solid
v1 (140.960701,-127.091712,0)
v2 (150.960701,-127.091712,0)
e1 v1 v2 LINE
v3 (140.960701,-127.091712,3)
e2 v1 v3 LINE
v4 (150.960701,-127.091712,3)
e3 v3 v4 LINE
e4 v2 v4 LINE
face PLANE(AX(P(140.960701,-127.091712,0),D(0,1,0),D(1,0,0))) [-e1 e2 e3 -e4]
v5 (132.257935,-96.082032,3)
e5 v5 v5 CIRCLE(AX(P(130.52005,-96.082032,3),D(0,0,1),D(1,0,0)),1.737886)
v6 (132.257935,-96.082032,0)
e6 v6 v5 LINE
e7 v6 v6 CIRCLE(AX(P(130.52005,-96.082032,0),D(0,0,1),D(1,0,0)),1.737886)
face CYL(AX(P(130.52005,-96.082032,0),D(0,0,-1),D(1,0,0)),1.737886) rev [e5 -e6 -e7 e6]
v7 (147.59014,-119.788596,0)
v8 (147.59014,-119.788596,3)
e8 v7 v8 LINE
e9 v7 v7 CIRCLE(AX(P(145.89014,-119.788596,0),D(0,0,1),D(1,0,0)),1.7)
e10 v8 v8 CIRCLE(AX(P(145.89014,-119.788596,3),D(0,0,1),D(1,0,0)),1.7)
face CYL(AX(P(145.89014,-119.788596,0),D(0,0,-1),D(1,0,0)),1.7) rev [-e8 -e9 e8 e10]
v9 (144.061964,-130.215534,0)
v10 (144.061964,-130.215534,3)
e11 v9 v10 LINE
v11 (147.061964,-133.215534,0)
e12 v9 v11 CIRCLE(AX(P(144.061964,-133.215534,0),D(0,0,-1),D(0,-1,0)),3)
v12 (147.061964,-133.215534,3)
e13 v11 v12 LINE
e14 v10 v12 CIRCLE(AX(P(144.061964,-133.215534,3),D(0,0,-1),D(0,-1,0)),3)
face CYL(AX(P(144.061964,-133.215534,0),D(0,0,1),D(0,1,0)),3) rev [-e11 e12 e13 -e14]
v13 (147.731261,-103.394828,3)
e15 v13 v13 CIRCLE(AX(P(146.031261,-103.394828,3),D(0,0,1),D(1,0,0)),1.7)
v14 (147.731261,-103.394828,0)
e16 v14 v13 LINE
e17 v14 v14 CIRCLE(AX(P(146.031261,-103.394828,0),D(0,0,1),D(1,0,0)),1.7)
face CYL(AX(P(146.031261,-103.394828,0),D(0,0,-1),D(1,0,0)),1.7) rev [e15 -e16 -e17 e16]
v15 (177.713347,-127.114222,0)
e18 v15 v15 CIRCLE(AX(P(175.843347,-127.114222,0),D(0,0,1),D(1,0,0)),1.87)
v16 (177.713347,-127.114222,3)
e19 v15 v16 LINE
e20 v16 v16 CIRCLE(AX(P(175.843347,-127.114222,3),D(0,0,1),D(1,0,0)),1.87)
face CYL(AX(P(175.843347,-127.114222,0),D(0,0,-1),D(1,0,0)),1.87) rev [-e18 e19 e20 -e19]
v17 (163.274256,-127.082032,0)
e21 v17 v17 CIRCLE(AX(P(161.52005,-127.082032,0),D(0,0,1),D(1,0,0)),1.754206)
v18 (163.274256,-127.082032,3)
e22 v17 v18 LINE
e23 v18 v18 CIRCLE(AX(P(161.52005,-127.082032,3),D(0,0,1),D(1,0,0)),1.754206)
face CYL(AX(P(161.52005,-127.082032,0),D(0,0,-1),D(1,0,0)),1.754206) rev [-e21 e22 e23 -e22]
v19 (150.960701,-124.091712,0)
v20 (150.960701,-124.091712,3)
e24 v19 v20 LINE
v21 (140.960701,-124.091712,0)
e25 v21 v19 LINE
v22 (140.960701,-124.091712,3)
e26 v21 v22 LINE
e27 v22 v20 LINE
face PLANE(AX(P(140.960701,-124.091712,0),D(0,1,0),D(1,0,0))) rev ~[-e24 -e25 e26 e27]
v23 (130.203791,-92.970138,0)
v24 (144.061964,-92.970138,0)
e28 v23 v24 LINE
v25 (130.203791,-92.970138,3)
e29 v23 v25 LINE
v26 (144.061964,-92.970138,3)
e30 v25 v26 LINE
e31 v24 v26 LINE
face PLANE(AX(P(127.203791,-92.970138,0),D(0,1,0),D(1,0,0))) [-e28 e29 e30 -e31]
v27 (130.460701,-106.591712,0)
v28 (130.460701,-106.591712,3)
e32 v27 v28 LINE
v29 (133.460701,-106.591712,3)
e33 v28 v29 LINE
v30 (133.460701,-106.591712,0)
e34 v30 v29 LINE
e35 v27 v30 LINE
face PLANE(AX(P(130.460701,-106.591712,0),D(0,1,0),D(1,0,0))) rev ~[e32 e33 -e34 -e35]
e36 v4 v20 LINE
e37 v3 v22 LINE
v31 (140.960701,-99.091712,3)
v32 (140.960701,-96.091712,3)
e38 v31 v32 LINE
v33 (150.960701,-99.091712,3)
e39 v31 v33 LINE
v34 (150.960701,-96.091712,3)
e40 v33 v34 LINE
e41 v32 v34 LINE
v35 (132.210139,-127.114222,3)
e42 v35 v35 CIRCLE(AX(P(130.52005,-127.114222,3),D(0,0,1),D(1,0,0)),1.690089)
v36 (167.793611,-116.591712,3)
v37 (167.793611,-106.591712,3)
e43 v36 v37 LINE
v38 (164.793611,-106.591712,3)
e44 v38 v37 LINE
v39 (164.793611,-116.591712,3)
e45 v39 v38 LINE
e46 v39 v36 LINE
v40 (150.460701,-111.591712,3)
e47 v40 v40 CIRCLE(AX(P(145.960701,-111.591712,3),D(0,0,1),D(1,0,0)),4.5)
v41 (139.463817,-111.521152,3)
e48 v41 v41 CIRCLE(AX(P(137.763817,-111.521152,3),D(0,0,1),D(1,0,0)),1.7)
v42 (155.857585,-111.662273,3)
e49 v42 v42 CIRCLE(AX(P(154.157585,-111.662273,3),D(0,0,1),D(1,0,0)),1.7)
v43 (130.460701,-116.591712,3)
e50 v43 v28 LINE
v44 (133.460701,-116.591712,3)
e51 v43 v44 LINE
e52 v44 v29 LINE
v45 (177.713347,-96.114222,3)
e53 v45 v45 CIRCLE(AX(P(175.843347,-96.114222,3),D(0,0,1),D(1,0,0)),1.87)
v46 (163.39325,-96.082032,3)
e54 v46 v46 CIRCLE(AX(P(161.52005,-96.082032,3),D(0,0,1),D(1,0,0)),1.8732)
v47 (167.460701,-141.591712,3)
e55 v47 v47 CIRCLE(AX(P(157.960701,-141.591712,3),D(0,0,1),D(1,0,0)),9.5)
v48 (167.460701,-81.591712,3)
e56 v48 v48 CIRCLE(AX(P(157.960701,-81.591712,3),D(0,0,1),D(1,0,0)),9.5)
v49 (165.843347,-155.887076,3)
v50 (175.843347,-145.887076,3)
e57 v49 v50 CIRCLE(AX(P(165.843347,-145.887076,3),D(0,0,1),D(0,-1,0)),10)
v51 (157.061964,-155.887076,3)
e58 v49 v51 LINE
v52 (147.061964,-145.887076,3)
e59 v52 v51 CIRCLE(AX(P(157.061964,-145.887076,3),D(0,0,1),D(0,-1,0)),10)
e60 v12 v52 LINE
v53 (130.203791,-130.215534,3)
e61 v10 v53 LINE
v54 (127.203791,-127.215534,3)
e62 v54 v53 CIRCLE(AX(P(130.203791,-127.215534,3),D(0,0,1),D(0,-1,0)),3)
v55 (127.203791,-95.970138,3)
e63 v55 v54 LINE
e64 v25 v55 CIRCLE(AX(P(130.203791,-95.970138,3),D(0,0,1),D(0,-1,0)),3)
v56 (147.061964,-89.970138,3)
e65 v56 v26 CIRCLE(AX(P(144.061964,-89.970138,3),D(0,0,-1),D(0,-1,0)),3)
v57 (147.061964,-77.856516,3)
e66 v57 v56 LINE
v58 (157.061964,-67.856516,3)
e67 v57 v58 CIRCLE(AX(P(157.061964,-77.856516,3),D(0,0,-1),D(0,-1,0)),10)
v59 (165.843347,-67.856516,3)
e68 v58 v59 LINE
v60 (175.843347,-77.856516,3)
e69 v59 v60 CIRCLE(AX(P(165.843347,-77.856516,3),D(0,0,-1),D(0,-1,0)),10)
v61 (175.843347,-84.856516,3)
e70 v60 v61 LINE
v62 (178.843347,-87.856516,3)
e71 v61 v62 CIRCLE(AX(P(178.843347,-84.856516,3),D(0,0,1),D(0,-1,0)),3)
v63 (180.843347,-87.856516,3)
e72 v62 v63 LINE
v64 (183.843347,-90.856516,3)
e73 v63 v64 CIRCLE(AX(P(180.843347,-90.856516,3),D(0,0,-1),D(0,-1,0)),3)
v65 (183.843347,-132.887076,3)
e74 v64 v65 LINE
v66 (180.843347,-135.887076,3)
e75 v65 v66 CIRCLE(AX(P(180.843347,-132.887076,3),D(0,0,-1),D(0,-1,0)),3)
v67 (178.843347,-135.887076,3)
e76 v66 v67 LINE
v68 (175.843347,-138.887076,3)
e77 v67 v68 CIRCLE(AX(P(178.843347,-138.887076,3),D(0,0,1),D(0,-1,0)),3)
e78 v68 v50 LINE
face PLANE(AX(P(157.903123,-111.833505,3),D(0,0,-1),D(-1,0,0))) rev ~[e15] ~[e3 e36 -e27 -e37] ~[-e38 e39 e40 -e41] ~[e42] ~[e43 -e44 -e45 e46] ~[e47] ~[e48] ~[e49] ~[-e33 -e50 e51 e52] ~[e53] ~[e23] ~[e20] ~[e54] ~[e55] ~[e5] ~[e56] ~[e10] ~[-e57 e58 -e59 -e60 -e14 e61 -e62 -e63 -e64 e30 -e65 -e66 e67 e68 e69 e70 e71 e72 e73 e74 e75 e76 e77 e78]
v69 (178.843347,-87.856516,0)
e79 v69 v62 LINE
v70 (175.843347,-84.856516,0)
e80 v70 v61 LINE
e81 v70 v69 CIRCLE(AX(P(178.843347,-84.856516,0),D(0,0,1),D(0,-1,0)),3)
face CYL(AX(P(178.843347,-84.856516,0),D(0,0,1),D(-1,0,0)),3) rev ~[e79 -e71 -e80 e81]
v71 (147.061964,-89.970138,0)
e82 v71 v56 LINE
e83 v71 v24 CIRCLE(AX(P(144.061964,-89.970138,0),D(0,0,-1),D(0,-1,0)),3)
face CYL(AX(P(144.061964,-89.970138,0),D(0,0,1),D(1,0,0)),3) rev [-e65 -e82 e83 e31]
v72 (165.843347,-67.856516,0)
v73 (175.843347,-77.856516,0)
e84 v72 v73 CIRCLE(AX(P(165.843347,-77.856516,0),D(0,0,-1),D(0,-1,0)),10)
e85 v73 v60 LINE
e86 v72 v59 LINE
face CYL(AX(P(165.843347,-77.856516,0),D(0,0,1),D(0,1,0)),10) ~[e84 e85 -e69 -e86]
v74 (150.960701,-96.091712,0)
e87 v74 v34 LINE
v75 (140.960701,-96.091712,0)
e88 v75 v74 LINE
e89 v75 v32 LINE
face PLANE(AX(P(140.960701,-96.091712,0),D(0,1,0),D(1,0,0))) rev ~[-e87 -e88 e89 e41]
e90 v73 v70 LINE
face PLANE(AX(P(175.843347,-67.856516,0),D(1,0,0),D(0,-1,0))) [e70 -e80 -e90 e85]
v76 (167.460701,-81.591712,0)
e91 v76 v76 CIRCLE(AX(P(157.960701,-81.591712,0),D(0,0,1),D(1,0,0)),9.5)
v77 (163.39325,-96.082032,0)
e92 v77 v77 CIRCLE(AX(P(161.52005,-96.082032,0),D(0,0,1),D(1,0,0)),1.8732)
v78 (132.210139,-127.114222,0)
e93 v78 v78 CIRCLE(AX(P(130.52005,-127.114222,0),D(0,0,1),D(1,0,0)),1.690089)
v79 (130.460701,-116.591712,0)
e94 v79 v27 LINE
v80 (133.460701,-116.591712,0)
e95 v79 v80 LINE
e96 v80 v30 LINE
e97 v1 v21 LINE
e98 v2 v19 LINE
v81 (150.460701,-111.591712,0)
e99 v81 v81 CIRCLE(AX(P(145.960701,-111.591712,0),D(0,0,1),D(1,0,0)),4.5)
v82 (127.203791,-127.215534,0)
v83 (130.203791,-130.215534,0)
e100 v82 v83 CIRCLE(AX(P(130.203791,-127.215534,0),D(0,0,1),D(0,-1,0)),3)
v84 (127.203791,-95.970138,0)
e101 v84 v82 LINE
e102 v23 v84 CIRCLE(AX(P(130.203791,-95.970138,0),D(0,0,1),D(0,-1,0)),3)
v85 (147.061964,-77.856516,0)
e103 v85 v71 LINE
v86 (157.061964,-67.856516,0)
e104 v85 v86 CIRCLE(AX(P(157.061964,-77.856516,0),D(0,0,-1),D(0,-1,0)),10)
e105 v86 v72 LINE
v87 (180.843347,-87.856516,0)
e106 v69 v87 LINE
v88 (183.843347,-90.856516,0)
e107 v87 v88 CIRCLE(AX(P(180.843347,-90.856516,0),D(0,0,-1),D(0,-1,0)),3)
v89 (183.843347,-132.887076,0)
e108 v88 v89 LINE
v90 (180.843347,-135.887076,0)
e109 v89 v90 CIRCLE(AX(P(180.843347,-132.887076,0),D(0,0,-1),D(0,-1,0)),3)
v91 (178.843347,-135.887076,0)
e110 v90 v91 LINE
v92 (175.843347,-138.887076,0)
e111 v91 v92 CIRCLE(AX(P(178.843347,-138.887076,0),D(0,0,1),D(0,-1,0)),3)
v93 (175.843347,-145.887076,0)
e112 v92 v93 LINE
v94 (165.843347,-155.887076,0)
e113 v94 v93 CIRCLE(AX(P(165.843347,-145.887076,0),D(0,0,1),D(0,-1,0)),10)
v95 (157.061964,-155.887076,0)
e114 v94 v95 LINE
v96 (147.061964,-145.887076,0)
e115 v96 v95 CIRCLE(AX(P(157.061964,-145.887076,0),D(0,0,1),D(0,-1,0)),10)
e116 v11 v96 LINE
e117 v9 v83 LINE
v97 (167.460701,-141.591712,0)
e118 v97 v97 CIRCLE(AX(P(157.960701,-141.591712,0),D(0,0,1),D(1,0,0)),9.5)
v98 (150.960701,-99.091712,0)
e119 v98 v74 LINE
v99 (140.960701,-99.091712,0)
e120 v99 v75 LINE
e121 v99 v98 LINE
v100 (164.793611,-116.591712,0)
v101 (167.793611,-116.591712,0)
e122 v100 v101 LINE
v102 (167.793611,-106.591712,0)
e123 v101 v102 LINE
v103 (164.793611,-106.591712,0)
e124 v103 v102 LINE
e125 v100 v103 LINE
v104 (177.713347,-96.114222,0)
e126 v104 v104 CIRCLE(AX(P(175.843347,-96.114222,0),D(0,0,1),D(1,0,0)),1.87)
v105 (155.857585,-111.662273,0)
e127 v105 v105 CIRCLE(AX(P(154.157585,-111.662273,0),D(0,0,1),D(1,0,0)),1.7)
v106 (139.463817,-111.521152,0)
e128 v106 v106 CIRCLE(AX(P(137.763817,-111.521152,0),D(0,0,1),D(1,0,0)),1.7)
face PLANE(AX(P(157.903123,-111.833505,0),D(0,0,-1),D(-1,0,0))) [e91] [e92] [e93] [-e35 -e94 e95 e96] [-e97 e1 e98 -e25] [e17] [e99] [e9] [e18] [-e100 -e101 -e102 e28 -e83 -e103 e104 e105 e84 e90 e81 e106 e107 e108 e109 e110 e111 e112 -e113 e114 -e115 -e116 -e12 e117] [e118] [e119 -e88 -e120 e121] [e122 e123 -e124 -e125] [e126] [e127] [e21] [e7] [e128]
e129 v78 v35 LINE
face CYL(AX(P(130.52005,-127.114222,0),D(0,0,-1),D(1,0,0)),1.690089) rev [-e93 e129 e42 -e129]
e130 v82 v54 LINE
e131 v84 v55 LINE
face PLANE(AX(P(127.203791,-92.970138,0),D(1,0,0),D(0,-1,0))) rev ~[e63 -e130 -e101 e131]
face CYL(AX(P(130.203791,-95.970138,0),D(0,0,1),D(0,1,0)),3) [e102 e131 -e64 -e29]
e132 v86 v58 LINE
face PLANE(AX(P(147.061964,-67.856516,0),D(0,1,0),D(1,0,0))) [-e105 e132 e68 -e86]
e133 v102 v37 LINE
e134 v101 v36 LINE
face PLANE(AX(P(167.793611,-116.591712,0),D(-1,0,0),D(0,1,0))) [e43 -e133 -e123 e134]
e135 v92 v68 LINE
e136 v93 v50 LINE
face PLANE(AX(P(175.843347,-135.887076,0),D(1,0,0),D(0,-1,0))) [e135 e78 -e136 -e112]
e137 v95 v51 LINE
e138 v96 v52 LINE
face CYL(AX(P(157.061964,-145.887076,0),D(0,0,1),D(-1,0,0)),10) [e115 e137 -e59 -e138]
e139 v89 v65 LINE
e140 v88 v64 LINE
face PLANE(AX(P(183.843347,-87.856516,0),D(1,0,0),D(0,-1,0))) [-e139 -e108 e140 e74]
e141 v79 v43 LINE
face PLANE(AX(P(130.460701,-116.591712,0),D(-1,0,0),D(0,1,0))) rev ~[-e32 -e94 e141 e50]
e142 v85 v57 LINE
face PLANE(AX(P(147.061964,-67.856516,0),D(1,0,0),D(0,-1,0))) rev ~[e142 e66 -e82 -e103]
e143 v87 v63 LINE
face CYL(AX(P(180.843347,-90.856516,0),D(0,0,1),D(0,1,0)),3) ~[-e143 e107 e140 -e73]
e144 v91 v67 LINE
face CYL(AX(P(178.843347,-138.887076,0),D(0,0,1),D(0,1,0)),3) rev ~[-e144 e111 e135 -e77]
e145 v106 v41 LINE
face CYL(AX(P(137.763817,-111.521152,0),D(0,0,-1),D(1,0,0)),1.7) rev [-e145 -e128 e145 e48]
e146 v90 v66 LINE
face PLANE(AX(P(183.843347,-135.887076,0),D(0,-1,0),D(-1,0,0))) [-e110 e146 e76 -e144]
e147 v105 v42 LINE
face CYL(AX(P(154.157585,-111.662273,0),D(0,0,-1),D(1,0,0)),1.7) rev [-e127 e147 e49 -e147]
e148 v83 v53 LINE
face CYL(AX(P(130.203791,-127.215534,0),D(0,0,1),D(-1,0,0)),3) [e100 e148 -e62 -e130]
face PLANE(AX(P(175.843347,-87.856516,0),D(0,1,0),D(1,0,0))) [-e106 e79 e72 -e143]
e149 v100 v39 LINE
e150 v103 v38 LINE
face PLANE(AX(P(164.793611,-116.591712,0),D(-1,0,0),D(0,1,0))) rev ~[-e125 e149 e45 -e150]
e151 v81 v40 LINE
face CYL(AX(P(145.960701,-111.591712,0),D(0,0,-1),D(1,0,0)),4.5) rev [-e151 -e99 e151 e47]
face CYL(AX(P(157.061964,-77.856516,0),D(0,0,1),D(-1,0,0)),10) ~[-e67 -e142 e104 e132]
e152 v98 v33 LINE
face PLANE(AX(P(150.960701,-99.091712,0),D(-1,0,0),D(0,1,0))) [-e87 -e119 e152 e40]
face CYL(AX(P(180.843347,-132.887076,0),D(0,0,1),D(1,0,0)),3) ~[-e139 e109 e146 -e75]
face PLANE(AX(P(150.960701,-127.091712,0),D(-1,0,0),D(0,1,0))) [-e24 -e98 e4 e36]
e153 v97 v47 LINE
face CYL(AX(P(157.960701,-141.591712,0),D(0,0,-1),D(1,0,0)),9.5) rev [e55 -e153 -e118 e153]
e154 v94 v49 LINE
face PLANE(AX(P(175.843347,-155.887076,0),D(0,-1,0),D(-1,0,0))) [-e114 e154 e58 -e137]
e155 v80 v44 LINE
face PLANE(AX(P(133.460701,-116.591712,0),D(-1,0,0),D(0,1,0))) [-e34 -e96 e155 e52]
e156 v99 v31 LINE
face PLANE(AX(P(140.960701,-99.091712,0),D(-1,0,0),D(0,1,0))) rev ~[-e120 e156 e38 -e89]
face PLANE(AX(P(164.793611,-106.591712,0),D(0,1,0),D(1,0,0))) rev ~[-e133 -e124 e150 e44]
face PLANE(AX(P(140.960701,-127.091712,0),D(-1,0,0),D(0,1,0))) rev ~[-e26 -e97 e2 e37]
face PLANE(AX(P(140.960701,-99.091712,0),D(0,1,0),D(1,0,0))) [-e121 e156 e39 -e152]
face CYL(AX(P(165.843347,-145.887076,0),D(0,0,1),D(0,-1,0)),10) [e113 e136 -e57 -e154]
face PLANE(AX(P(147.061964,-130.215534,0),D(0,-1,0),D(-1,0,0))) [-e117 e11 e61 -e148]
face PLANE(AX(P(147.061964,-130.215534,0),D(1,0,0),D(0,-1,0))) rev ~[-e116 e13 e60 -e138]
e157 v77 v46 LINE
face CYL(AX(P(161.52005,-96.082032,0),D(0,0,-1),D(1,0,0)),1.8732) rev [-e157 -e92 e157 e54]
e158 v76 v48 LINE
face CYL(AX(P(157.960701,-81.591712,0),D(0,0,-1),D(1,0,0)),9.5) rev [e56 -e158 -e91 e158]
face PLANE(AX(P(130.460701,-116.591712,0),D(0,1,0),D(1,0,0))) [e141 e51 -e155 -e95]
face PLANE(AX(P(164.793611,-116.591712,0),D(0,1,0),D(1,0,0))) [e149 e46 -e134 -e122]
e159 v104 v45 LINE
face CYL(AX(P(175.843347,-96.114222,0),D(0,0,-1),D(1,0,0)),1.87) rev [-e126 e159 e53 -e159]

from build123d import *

# Parameters (mm, degrees)
SKETCH1_R           = 1.737885662
SKETCH1_R_2         = 1.873200063
SKETCH1_R_3         = 1.690089146
SKETCH1_R_4         = 1.754205974
SKETCH1_R_5         = 1.7
SKETCH1_R_6         = 4.5
SKETCH1_R_7         = 1.87
SKETCH1_R_8         = 9.5
SKETCH1_W           = 3
SKETCH1_H           = 10
SKETCH1_W_2         = 10
SKETCH1_H_2         = 3
BOSS_EXTRUDE1_DEPTH = 3
FILLET1_R           = 3
FILLET2_R           = 10


with BuildPart() as part:
    # Sketch1 → Boss-Extrude1 (new body)
    with BuildSketch(Plane.XY):
        Polygon((147.061964125, -92.970138098), (147.061964125, -71.856515964), (147.061964125, -67.856515964), (175.843347401, -67.856515964), (175.843347401, -87.856515964), (183.843347401, -87.856515964), (183.843347401, -135.887076434), (175.843347401, -135.887076434), (175.843347401, -155.887076434), (147.061964125, -155.887076434), (147.061964125, -151.887076434), (147.061964125, -130.215533927), (127.203791419, -130.215533927), (127.203791419, -111.591712302), (127.203791419, -92.970138098), align=None)
        with Locations((130.520049527, -96.082032258)):
            Circle(SKETCH1_R, mode=Mode.SUBTRACT)
        with Locations((161.520049527, -96.082032258)):
            Circle(SKETCH1_R_2, mode=Mode.SUBTRACT)
        with Locations((130.520049527, -127.114221831)):
            Circle(SKETCH1_R_3, mode=Mode.SUBTRACT)
        with Locations((161.520049527, -127.082032258)):
            Circle(SKETCH1_R_4, mode=Mode.SUBTRACT)
        with Locations((154.157584865, -111.662272701)):
            Circle(SKETCH1_R_5, mode=Mode.SUBTRACT)
        with Locations((145.89014032, -119.788596448)):
            Circle(SKETCH1_R_5, mode=Mode.SUBTRACT)
        with Locations((137.763816574, -111.521151903)):
            Circle(SKETCH1_R_5, mode=Mode.SUBTRACT)
        with Locations((146.031261118, -103.394828157)):
            Circle(SKETCH1_R_5, mode=Mode.SUBTRACT)
        with Locations((145.960700719, -111.591712302)):
            Circle(SKETCH1_R_6, mode=Mode.SUBTRACT)
        with Locations((175.843347401, -96.114221831)):
            Circle(SKETCH1_R_7, mode=Mode.SUBTRACT)
        with Locations((157.960700719, -81.591712302)):
            Circle(SKETCH1_R_8, mode=Mode.SUBTRACT)
        with Locations((157.960700719, -141.591712302)):
            Circle(SKETCH1_R_8, mode=Mode.SUBTRACT)
        with Locations((175.843347401, -127.114221831)):
            Circle(SKETCH1_R_7, mode=Mode.SUBTRACT)
        with Locations((131.960700719, -111.591712302)):
            Rectangle(SKETCH1_W, SKETCH1_H, mode=Mode.SUBTRACT)
        with Locations((145.960700719, -97.591712302)):
            Rectangle(SKETCH1_W_2, SKETCH1_H_2, mode=Mode.SUBTRACT)
        with Locations((145.960700719, -125.591712302)):
            Rectangle(SKETCH1_W_2, SKETCH1_H_2, mode=Mode.SUBTRACT)
        with Locations((166.293610901, -111.591712302)):
            Rectangle(SKETCH1_W, SKETCH1_H, mode=Mode.SUBTRACT)
    extrude(amount=BOSS_EXTRUDE1_DEPTH)

    # Fillet1
    fillet1_edges = [part.edges().sort_by_distance(p)[0] for p in [
        (175.843347401, -87.856515964, 1.5),
        (183.843347401, -87.856515964, 1.5),
        (183.843347401, -135.887076434, 1.5),
        (175.843347401, -135.887076434, 1.5),
        (147.061964125, -130.215533927, 1.5),
        (127.203791419, -130.215533927, 1.5),
        (127.203791419, -92.970138098, 1.5),
        (147.061964125, -92.970138098, 1.5),
    ]]
    fillet(fillet1_edges, radius=FILLET1_R)

    # Fillet2
    fillet2_edges = [part.edges().sort_by_distance(p)[0] for p in [
        (147.061964125, -67.856515964, 1.5),
        (175.843347401, -67.856515964, 1.5),
        (175.843347401, -155.887076434, 1.5),
        (147.061964125, -155.887076434, 1.5),
    ]]
    fillet(fillet2_edges, radius=FILLET2_R)


solid = part.part
